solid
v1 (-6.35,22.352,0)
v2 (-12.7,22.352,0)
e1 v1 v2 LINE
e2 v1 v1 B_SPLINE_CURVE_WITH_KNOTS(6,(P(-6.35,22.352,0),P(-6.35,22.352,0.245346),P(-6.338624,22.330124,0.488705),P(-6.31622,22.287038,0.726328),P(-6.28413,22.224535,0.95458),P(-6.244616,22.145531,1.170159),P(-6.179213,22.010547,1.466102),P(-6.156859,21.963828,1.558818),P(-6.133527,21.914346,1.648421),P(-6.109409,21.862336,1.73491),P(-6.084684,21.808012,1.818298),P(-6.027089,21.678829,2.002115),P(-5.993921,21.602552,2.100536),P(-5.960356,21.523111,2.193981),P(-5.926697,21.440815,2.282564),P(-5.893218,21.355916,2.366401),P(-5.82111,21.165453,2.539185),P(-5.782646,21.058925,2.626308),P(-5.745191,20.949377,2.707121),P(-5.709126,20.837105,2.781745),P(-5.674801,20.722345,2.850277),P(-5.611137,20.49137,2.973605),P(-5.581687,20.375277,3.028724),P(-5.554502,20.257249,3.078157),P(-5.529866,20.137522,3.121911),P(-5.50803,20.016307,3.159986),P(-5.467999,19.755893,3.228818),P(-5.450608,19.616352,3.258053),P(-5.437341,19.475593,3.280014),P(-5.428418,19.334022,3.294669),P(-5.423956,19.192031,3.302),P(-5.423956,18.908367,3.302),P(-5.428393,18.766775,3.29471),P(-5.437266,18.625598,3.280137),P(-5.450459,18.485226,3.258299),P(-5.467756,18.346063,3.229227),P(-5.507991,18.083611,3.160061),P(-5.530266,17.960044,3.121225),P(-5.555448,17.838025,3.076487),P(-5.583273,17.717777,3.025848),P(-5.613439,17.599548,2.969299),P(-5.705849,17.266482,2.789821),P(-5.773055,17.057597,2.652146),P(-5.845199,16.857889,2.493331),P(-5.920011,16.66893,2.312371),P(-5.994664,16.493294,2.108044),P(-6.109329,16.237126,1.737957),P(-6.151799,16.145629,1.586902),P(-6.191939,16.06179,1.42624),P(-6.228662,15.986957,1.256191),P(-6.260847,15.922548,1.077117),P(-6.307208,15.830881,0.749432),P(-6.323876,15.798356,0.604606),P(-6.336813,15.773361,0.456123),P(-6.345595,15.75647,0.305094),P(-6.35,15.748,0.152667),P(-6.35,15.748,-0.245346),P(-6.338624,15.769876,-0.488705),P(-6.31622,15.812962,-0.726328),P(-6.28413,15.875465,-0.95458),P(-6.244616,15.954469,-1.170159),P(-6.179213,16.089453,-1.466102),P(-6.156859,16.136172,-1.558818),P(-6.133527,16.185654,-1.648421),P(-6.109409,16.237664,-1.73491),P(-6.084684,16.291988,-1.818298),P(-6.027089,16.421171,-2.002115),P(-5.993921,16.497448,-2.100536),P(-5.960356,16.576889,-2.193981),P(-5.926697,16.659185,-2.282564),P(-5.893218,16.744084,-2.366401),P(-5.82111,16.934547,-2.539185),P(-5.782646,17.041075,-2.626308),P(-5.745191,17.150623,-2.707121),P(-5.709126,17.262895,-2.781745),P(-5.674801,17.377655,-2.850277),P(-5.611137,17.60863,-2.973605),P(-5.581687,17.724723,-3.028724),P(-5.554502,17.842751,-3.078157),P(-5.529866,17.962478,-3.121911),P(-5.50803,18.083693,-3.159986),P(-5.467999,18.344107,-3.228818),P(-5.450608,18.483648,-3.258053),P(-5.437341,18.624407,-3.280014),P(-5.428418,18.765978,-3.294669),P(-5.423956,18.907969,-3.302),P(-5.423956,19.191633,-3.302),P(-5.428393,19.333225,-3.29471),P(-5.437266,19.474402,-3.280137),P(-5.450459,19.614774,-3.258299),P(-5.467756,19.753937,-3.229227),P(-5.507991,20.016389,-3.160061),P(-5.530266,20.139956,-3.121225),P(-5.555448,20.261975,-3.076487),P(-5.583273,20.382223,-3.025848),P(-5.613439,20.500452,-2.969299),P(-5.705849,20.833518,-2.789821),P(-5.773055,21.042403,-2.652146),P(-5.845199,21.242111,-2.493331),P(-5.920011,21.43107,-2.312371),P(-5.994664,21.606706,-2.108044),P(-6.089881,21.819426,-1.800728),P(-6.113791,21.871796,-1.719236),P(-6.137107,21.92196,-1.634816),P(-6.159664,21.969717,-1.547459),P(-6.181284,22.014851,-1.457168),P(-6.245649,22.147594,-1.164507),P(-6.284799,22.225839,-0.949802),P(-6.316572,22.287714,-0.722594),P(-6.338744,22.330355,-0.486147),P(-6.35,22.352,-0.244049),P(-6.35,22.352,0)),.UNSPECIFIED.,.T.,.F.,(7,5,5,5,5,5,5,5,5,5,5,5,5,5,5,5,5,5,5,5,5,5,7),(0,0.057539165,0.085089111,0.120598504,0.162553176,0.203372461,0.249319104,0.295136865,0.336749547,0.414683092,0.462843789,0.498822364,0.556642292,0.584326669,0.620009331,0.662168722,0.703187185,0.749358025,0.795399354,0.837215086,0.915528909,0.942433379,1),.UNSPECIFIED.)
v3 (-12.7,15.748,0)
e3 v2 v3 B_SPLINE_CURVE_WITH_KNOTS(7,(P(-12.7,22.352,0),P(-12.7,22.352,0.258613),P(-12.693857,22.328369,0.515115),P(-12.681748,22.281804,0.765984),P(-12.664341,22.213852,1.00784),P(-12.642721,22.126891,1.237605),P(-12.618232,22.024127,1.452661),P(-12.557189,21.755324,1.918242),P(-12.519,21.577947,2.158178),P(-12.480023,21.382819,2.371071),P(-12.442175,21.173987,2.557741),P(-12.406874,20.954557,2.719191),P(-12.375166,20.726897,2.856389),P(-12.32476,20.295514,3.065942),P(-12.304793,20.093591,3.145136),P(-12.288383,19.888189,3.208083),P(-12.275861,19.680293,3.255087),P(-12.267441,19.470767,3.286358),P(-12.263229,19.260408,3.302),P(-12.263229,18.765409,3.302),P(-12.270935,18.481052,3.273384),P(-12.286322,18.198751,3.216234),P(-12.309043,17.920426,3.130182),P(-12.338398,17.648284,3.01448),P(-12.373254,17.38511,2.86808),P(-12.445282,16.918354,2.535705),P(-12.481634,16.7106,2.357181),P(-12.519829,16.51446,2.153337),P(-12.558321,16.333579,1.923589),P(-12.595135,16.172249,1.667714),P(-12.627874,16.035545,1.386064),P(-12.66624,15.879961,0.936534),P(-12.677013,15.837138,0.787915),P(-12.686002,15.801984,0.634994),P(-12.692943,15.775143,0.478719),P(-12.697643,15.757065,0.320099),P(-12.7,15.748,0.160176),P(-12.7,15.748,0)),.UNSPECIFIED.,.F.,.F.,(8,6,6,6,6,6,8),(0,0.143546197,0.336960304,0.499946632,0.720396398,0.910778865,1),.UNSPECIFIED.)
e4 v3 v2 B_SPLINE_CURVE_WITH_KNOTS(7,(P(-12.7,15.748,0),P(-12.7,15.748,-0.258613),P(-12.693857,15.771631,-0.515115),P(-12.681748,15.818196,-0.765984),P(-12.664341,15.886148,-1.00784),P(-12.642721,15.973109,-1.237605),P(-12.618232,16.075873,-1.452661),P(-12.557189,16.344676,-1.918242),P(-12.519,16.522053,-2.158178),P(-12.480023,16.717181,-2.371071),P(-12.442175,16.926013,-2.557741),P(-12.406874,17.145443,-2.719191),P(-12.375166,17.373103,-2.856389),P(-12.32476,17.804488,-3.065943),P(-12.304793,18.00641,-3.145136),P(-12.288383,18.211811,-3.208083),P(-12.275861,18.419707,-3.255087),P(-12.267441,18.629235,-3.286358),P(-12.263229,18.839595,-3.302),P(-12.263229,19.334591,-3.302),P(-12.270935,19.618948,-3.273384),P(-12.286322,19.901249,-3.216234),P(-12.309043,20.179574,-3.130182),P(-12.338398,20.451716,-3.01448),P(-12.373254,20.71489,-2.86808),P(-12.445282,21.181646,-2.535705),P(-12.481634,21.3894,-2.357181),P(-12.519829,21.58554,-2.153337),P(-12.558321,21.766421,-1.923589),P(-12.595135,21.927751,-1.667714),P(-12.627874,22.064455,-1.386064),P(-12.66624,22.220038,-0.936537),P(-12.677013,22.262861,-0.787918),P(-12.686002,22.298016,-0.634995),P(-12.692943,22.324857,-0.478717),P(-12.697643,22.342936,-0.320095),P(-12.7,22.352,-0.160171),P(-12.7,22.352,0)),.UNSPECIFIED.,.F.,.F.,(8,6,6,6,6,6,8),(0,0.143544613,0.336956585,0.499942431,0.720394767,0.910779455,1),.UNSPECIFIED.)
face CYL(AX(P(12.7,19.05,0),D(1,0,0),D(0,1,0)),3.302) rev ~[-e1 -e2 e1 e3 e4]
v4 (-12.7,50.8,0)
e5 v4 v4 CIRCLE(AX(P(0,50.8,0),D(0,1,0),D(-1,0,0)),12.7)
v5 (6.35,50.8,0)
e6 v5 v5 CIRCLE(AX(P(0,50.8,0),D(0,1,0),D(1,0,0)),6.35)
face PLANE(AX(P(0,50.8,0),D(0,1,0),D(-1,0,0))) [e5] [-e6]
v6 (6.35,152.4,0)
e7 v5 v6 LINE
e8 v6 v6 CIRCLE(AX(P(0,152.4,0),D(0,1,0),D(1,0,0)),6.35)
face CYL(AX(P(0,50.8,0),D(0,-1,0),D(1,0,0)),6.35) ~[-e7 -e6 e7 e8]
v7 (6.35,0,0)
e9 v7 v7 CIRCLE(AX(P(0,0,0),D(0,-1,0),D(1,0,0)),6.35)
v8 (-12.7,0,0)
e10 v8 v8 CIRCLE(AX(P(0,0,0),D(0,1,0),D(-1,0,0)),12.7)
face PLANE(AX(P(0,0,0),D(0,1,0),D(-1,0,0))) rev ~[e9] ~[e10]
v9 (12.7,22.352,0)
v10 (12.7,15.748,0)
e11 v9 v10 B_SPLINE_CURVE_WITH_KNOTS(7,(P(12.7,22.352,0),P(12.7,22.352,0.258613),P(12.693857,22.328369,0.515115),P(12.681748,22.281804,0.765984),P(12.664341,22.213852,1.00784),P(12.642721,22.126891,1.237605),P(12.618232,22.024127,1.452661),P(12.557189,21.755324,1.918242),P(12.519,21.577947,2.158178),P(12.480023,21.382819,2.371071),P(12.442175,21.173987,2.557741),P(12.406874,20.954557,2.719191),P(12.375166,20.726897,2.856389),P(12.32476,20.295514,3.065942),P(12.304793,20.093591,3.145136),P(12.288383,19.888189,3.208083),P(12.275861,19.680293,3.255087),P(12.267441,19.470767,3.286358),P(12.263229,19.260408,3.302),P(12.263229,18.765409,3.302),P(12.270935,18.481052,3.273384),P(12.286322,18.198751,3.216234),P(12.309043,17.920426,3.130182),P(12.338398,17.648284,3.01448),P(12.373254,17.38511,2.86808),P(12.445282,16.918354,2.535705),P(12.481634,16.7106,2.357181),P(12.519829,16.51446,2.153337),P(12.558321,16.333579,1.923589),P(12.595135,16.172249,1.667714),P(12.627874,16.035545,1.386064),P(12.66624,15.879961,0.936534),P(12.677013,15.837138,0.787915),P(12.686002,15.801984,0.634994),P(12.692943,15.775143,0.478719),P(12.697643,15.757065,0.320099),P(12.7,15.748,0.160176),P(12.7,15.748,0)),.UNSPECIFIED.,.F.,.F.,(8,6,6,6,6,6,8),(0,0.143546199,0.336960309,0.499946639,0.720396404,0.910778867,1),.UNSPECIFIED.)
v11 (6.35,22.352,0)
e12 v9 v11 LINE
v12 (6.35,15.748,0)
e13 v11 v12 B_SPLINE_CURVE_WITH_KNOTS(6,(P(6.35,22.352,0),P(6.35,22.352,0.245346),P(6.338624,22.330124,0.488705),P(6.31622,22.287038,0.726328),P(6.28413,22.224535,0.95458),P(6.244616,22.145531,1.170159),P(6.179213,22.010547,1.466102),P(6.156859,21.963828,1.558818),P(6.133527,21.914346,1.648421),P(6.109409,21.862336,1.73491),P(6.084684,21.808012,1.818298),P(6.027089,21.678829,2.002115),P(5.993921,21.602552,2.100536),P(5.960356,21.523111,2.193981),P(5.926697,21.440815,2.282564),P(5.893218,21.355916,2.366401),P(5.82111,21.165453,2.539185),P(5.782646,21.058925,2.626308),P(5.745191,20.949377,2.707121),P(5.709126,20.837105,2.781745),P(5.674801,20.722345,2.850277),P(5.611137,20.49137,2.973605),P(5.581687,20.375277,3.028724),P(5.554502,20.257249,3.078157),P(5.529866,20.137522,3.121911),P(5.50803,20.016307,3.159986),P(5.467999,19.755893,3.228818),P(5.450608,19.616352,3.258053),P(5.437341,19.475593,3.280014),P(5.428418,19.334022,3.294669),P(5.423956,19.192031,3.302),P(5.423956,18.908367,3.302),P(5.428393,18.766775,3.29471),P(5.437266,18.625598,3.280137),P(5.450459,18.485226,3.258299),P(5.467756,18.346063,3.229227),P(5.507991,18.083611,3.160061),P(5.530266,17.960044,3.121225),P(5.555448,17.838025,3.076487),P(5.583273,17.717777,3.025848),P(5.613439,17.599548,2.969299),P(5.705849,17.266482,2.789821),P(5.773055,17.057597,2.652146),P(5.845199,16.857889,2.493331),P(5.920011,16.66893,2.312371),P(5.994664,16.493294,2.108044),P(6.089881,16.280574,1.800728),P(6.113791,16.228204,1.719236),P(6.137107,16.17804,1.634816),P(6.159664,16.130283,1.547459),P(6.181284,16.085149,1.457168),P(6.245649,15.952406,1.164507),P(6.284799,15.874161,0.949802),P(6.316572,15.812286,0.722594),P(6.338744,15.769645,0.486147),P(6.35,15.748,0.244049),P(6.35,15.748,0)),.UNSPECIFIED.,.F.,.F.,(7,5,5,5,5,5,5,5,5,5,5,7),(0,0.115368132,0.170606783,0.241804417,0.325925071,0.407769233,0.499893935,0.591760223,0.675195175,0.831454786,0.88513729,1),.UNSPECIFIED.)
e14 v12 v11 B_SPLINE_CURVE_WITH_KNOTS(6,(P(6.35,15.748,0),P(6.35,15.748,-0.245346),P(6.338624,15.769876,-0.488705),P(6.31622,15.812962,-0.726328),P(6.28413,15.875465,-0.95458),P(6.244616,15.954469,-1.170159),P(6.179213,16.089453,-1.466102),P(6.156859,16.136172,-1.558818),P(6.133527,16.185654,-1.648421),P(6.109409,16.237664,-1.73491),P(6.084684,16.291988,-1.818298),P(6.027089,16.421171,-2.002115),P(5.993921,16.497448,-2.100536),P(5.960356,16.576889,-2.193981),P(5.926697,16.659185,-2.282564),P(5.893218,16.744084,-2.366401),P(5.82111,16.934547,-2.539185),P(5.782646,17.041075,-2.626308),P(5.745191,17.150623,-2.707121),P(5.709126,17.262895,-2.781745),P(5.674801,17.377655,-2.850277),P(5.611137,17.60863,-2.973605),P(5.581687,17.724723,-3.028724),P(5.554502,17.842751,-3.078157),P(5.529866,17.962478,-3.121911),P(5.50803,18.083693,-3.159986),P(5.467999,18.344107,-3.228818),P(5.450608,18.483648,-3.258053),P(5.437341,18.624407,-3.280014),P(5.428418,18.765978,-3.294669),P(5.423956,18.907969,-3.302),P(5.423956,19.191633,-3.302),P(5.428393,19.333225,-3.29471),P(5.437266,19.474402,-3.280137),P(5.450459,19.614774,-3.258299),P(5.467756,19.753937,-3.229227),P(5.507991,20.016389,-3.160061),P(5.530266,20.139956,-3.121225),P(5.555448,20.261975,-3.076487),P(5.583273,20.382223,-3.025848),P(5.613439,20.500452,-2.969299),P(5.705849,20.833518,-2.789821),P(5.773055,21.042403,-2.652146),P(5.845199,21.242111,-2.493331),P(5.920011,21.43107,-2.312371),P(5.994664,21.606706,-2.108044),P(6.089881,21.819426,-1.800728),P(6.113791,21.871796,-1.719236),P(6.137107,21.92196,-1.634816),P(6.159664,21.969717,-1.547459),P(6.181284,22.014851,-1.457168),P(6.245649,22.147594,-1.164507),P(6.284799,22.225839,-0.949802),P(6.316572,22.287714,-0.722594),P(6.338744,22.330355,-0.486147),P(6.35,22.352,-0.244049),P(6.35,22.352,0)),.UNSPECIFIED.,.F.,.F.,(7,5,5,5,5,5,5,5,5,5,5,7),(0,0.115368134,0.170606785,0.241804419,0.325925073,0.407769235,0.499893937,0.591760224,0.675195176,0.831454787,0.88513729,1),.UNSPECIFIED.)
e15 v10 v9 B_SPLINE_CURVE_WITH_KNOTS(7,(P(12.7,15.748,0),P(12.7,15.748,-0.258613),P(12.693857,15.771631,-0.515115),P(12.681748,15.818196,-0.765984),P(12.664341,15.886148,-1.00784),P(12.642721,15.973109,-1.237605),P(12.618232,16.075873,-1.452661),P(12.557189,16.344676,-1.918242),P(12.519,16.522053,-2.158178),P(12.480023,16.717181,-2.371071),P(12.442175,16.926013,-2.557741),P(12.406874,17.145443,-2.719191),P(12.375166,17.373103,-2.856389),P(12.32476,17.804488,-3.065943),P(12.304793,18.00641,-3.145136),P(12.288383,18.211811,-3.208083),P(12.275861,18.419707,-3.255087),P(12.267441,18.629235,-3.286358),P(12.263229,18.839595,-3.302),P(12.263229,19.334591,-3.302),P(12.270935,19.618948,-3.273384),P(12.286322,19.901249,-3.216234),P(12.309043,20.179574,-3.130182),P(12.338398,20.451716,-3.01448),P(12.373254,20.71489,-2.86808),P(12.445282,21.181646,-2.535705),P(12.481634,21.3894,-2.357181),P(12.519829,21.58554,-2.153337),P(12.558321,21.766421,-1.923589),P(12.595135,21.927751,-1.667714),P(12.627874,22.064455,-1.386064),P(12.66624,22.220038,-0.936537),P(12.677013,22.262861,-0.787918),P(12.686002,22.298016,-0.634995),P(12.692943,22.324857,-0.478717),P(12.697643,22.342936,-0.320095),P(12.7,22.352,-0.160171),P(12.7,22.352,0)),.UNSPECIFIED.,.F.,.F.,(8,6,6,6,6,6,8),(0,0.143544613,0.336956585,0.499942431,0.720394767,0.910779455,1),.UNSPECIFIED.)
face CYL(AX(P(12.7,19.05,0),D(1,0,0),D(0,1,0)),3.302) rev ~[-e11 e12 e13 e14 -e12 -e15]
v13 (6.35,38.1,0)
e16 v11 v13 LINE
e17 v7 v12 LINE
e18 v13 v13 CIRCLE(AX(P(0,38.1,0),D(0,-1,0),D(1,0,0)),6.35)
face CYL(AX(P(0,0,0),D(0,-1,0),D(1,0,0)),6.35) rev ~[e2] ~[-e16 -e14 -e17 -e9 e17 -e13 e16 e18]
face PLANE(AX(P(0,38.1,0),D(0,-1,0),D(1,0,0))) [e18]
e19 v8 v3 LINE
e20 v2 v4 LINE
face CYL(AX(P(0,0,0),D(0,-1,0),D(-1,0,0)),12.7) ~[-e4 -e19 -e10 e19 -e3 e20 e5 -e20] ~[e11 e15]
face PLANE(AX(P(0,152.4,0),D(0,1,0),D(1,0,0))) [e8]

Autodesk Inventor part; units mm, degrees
ref_plane "XZ Plane" through (0, 0, 0) normal (0, 1, 0) x (-1, 0, 0)
ref_plane "XY Plane" through (0, 0, 0) normal (0, 0, 1) x (1, 0, 0)
sketch "Sketch1" plane through (0, 0, 0) normal (0, 1, 0) x (-1, 0, 0)
  circle A0 centre (0, 0) radius 12.7
  dimension "d0" = 25.4
extrude "Extrusion1" add sketch "Sketch1" along normal blind 50.8
sketch "Sketch2" plane through (0, 50.8, 0) normal (0, 1, 0) x (1, 0, 0)
  circle A0 centre (0, 0) radius 6.35
  dimension "d3" = 12.7
extrude "Extrusion2" add sketch "Sketch2" along normal blind 101.6
sketch "Sketch3" plane through (0, 0, 0) normal (0, -1, 0) x (1, 0, 0)
  circle A0 centre (0, 0) radius 6.35
  dimension "d6" = 12.7
extrude "Extrusion3" cut sketch "Sketch3" against normal blind 38.1
ref_plane "Work Plane1" through (12.7, 0, 0) normal (1, 0, 0) x (0, 1, 0)
sketch "Sketch4" plane through (12.7, 0, 0) normal (1, 0, 0) x (0, 1, 0)
  line L0 (0, 0) -> (50.8, 0) construction
  line L1 (50.8, -12.7) -> (50.8, 12.7) construction
  line L2 (19.05, 12.7) -> (19.05, -12.7) construction
  line L3 (0, -12.7) -> (50.8, -12.7) construction
  line L4 (0, 12.7) -> (0, -12.7) construction
  circle A0 centre (19.05, 0) radius 3.302
  dimension "d10" = 19.05
  dimension "d11" = 6.604
extrude "Extrusion4" cut sketch "Sketch4" against normal through all
properties part number "Part of Clutch" material "Aluminum 6061"
